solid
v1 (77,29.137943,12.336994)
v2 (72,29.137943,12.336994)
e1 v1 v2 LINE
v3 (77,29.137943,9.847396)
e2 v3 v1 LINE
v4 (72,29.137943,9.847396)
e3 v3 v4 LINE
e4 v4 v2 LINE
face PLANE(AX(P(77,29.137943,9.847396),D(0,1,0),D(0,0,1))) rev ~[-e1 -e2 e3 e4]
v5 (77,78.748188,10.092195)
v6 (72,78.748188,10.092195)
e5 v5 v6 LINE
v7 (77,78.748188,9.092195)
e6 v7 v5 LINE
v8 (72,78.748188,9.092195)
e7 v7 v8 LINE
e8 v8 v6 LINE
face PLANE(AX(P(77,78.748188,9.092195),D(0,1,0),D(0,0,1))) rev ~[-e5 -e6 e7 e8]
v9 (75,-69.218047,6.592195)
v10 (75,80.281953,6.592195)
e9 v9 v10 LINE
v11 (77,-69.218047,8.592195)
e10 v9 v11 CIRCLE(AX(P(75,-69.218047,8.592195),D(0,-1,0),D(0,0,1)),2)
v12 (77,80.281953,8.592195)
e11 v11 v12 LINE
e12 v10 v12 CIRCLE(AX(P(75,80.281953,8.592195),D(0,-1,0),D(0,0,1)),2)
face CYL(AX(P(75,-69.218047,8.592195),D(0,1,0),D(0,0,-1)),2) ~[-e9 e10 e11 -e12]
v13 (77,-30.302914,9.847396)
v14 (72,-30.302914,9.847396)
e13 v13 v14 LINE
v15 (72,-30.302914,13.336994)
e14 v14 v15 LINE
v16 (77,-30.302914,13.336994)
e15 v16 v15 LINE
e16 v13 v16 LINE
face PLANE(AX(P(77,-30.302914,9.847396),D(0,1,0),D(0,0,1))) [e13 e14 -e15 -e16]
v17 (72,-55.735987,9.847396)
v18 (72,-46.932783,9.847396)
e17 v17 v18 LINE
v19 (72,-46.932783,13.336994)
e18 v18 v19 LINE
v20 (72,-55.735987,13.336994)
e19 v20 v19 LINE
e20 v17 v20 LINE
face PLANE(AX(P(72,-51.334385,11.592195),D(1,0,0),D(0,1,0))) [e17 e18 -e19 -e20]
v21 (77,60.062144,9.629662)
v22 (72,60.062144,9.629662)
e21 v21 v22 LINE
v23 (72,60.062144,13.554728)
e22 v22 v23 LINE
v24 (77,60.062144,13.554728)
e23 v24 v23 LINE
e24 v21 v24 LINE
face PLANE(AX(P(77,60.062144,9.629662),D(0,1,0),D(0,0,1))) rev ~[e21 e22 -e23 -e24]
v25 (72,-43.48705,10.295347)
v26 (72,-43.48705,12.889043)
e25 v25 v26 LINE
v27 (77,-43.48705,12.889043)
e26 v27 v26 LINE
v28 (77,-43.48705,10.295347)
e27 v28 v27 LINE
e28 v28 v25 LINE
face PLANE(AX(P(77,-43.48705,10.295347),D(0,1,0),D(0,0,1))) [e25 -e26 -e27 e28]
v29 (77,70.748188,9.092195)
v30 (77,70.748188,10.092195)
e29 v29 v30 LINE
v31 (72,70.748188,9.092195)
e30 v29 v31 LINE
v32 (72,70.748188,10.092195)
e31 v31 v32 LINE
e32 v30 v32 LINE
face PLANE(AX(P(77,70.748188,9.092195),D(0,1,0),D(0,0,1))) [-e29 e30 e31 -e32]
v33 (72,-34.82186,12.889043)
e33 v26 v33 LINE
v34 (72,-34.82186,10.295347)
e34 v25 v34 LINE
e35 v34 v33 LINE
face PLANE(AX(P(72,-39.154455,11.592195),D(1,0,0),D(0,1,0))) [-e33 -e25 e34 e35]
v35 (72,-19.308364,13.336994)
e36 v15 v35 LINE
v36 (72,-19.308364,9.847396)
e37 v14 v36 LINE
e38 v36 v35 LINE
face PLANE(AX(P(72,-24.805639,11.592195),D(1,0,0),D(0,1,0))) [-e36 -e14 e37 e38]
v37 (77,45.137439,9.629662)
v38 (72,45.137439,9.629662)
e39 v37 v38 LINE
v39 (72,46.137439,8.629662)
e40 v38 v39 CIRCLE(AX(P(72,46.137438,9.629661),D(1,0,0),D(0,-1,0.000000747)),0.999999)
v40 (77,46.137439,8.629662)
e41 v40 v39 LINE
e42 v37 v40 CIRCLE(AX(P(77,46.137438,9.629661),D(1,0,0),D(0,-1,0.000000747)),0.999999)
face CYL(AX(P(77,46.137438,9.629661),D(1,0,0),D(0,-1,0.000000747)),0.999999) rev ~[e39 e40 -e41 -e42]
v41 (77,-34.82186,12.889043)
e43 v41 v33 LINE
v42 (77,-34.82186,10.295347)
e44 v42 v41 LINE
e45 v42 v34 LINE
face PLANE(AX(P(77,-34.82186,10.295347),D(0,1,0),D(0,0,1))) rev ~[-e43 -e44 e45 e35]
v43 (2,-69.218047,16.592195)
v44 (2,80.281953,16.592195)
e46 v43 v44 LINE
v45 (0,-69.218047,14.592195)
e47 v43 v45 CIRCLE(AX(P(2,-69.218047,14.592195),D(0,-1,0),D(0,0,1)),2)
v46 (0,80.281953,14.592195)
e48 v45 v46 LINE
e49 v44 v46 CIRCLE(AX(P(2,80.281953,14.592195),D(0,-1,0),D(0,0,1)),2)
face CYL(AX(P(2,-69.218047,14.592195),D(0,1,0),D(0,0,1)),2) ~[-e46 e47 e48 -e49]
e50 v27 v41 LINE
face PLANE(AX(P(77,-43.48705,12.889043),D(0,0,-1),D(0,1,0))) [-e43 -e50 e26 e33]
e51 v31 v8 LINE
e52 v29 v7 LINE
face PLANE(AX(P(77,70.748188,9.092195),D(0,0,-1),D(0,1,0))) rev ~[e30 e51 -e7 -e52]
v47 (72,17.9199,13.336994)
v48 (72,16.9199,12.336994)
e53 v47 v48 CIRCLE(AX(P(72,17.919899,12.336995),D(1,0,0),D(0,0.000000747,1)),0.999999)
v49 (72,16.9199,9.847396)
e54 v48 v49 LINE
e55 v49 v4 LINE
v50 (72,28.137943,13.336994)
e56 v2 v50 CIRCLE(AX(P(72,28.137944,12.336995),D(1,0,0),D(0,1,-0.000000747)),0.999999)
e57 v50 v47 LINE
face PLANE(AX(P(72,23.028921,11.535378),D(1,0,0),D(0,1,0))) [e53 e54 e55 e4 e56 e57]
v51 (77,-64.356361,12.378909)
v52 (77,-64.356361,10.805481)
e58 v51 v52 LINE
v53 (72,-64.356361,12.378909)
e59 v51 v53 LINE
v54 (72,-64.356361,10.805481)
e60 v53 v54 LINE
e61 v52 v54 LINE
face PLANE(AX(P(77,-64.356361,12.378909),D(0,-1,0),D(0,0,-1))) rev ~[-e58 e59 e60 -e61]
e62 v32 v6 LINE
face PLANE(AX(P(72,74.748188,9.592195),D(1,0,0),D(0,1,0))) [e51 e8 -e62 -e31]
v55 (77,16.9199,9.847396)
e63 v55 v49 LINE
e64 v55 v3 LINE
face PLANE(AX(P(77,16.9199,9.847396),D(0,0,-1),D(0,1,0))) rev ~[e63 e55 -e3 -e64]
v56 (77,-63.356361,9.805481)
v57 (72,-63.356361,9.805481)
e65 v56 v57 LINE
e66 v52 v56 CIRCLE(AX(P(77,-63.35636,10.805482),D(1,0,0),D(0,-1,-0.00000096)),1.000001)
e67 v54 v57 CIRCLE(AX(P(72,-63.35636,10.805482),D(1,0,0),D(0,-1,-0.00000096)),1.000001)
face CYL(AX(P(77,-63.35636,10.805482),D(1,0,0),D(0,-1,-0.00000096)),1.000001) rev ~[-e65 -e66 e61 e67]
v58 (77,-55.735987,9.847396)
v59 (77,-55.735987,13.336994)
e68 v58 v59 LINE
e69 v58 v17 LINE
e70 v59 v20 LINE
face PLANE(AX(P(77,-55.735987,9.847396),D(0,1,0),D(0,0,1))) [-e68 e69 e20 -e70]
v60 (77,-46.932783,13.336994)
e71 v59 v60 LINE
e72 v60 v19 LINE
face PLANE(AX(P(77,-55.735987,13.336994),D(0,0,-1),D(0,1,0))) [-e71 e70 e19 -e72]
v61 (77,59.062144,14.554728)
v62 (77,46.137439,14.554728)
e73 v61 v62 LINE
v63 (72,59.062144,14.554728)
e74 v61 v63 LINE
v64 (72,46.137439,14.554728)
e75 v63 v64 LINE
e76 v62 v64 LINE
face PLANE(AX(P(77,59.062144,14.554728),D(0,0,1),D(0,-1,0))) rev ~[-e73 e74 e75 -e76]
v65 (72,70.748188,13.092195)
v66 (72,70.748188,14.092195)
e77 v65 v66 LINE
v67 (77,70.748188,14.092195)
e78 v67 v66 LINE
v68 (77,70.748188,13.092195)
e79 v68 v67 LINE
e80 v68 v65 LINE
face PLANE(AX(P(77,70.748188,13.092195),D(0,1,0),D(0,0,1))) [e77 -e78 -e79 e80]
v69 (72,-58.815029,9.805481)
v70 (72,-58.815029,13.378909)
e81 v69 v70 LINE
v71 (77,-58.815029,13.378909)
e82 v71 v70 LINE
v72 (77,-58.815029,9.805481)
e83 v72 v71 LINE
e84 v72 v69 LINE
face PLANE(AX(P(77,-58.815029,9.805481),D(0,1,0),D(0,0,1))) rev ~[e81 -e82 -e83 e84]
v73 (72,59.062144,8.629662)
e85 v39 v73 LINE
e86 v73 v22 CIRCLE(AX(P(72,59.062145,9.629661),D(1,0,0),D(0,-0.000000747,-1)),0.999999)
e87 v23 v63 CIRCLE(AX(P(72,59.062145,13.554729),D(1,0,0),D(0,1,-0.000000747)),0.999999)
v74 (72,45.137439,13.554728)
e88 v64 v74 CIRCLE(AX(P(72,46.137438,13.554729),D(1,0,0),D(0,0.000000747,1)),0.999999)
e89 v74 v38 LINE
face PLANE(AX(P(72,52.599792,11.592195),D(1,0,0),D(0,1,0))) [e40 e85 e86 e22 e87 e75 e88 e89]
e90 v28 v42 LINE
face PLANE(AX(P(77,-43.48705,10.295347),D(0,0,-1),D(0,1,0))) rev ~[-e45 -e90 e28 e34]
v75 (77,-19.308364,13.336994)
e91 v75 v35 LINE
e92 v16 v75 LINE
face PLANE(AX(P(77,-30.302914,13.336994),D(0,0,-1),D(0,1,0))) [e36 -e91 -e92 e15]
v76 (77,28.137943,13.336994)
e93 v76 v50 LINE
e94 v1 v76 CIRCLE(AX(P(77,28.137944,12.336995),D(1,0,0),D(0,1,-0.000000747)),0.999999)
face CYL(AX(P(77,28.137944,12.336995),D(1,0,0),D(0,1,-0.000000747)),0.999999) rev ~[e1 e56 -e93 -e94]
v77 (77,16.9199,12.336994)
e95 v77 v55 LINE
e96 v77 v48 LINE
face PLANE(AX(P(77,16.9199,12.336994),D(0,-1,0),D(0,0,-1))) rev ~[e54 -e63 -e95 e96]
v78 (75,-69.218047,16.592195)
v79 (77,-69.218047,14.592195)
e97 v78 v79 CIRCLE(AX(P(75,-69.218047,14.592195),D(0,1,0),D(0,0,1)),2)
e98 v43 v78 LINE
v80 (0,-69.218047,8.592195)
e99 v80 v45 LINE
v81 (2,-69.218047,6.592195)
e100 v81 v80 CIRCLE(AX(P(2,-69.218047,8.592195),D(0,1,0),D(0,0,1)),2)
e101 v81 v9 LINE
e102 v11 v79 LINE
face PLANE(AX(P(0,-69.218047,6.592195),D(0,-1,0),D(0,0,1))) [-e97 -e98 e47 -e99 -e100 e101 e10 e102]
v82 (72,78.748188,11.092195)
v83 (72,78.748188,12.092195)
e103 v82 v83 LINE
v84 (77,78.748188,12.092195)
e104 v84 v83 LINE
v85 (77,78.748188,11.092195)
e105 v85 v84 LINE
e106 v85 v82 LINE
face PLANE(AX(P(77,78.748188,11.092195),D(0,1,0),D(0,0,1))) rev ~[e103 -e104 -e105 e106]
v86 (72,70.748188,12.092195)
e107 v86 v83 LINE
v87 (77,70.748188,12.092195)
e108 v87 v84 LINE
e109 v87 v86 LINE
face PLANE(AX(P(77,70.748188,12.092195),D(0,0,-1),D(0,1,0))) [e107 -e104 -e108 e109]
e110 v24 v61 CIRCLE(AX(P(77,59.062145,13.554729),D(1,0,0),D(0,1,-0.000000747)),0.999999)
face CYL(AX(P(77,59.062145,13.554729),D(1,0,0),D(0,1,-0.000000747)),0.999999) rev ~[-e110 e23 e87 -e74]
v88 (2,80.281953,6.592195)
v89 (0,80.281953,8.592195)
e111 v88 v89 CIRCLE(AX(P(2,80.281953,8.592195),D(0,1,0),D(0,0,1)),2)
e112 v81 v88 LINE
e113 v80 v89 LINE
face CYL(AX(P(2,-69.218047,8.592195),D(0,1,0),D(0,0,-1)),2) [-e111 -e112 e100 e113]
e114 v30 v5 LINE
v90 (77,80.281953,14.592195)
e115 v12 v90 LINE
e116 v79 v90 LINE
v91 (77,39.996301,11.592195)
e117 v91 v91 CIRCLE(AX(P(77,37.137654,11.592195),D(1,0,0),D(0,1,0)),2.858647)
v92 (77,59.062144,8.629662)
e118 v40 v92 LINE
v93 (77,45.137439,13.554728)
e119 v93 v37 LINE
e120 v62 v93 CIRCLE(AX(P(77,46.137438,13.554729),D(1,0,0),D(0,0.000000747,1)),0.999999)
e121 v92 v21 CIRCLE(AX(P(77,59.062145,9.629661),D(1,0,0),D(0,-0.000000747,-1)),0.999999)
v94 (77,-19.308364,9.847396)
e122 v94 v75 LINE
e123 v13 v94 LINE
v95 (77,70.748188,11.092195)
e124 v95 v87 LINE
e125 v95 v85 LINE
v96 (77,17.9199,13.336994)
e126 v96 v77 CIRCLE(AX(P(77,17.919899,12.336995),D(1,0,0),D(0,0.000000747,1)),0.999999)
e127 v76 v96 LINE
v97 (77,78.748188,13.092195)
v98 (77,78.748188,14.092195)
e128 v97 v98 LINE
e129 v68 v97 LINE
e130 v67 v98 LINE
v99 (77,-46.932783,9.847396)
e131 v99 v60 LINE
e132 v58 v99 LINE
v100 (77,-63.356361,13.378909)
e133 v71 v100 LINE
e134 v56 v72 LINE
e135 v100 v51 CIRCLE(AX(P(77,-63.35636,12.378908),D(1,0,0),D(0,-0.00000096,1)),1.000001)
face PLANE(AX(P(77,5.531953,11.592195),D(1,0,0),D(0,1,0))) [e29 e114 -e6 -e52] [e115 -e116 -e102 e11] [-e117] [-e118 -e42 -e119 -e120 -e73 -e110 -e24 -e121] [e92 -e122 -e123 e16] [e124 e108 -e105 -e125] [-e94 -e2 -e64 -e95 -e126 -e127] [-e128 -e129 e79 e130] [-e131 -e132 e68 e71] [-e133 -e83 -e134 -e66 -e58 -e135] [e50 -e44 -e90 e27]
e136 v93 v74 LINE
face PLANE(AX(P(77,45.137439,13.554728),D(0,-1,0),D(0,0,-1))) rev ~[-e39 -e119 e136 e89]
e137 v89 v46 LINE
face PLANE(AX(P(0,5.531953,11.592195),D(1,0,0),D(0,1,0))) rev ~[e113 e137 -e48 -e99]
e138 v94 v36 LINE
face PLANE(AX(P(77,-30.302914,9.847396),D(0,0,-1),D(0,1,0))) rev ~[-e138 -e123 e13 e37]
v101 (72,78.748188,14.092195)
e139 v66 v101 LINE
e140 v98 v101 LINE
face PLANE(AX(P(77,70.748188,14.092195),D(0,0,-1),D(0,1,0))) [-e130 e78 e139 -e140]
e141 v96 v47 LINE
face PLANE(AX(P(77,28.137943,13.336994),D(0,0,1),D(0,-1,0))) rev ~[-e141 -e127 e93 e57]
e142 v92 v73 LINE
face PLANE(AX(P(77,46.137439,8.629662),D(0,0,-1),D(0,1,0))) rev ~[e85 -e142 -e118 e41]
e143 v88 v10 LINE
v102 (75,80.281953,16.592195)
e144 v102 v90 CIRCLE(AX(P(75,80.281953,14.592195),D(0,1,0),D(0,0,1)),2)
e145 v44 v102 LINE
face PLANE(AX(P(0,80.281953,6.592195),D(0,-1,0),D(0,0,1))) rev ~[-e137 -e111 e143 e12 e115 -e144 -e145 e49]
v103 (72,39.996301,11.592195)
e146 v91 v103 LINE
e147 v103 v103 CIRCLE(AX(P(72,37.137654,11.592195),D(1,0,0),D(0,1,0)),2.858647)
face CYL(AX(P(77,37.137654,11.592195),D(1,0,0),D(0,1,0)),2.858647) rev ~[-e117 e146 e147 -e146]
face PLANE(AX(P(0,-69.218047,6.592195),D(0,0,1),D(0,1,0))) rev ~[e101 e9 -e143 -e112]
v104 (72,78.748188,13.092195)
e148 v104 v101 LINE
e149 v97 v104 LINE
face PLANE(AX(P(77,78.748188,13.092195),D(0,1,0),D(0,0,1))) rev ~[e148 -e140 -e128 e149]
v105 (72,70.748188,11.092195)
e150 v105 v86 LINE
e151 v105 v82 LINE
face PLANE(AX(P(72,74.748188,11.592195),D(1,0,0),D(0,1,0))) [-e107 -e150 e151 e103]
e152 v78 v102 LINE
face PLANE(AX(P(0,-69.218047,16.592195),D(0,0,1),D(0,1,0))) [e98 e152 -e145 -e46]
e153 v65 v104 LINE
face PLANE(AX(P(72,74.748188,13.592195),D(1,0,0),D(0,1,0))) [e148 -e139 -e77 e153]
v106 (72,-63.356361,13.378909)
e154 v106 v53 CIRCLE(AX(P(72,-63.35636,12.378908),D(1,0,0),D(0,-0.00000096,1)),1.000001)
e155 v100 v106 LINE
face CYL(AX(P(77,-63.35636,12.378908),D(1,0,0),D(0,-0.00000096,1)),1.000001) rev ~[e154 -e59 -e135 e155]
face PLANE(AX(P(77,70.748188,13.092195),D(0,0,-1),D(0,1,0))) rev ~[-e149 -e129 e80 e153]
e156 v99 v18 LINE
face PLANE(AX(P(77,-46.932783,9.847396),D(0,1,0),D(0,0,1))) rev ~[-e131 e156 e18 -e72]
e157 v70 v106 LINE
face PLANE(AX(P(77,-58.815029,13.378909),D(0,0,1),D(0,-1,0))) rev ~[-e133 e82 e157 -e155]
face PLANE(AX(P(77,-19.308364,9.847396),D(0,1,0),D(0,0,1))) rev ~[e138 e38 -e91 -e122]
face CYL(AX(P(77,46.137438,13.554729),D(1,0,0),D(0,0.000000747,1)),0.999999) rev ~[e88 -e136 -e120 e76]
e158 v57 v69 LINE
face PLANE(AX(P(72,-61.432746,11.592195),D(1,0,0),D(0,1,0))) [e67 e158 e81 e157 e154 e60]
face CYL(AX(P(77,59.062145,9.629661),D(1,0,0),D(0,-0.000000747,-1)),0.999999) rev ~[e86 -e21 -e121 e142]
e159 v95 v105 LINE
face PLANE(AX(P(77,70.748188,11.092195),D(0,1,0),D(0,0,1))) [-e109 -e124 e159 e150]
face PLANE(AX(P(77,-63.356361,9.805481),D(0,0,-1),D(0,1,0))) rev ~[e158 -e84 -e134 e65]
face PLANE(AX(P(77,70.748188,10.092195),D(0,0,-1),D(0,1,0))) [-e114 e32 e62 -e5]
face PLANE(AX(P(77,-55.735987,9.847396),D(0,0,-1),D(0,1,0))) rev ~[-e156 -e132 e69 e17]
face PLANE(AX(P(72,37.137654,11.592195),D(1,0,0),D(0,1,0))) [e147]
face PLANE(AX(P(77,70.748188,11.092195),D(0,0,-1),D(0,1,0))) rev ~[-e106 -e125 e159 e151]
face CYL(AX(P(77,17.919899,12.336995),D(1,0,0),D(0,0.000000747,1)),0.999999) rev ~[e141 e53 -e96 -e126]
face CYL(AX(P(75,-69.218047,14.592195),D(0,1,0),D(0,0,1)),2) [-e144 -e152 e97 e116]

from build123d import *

# Parameters (mm, degrees)
F0_W     = 149.5
F0_H     = 10
F1_DEPTH = 77
F2_W     = 8.803204
F2_H     = 3.489598
F2_W_2   = 8.66519
F2_H_2   = 2.593696
F2_W_3   = 10.99455
F2_W_4   = 8
F2_H_3   = 1
F2_R     = 2.858647
F3_DEPTH = 5
F4_R     = 2


with BuildPart() as f1:
    # F0 (on Right) → F1 (new body)
    with BuildSketch(Plane.YZ):
        with Locations((5.531953, 11.592195)):
            Rectangle(F0_W, F0_H)
    extrude(amount=F1_DEPTH)

    # F2 (on face) → F3 (cut)
    with BuildSketch(Plane.YZ.offset(77)):
        with Locations((-51.334385, 11.592195)):
            Rectangle(F2_W, F2_H)
        with Locations((-39.154455, 11.592195)):
            Rectangle(F2_W_2, F2_H_2)
        with Locations((-24.805639, 11.592195)):
            Rectangle(F2_W_3, F2_H)
        with BuildLine():
            ThreePointArc((29.137943, 12.336994), (28.84505, 13.044101), (28.137943, 13.336994))
            Line((28.137943, 13.336994), (17.9199, 13.336994))
            ThreePointArc((17.9199, 13.336994), (17.212793, 13.044101), (16.9199, 12.336994))
            Line((16.9199, 12.336994), (16.9199, 9.847396))
            Line((16.9199, 9.847396), (29.137943, 9.847396))
            Line((29.137943, 9.847396), (29.137943, 12.336994))
        make_face()
        with BuildLine():
            ThreePointArc((60.062144, 13.554728), (59.769251, 14.261835), (59.062144, 14.554728))
            Line((59.062144, 14.554728), (46.137439, 14.554728))
            ThreePointArc((46.137439, 14.554728), (45.430332, 14.261835), (45.137439, 13.554728))
            Line((45.137439, 13.554728), (45.137439, 9.629662))
            ThreePointArc((45.137439, 9.629662), (45.430332, 8.922555), (46.137439, 8.629662))
            Line((46.137439, 8.629662), (59.062144, 8.629662))
            ThreePointArc((59.062144, 8.629662), (59.769251, 8.922555), (60.062144, 9.629662))
            Line((60.062144, 9.629662), (60.062144, 13.554728))
        make_face()
        with Locations((74.748188, 11.592195)):
            Rectangle(F2_W_4, F2_H_3)
        with Locations((37.137654, 11.592195)):
            Circle(F2_R)
        with Locations((74.748188, 13.592195)):
            Rectangle(F2_W_4, F2_H_3)
        with Locations((74.748188, 9.592195)):
            Rectangle(F2_W_4, F2_H_3)
        with BuildLine():
            Line((-58.815029, 9.805481), (-58.815029, 13.378909))
            Line((-58.815029, 13.378909), (-63.356361, 13.378909))
            ThreePointArc((-63.356361, 13.378909), (-64.063467, 13.086016), (-64.356361, 12.378909))
            Line((-64.356361, 12.378909), (-64.356361, 10.805481))
            ThreePointArc((-64.356361, 10.805481), (-64.063467, 10.098374), (-63.356361, 9.805481))
            Line((-63.356361, 9.805481), (-58.815029, 9.805481))
        make_face()
    extrude(amount=-F3_DEPTH, mode=Mode.SUBTRACT)

    # F4
    f4_edges = [f1.edges().sort_by_distance(p)[0] for p in [
        (77, 5.531953, 16.592195),
        (77, 5.531953, 6.592195),
        (0, 5.531953, 16.592195),
        (0, 5.531953, 6.592195),
    ]]
    fillet(f4_edges, radius=F4_R)


solid = f1.part
